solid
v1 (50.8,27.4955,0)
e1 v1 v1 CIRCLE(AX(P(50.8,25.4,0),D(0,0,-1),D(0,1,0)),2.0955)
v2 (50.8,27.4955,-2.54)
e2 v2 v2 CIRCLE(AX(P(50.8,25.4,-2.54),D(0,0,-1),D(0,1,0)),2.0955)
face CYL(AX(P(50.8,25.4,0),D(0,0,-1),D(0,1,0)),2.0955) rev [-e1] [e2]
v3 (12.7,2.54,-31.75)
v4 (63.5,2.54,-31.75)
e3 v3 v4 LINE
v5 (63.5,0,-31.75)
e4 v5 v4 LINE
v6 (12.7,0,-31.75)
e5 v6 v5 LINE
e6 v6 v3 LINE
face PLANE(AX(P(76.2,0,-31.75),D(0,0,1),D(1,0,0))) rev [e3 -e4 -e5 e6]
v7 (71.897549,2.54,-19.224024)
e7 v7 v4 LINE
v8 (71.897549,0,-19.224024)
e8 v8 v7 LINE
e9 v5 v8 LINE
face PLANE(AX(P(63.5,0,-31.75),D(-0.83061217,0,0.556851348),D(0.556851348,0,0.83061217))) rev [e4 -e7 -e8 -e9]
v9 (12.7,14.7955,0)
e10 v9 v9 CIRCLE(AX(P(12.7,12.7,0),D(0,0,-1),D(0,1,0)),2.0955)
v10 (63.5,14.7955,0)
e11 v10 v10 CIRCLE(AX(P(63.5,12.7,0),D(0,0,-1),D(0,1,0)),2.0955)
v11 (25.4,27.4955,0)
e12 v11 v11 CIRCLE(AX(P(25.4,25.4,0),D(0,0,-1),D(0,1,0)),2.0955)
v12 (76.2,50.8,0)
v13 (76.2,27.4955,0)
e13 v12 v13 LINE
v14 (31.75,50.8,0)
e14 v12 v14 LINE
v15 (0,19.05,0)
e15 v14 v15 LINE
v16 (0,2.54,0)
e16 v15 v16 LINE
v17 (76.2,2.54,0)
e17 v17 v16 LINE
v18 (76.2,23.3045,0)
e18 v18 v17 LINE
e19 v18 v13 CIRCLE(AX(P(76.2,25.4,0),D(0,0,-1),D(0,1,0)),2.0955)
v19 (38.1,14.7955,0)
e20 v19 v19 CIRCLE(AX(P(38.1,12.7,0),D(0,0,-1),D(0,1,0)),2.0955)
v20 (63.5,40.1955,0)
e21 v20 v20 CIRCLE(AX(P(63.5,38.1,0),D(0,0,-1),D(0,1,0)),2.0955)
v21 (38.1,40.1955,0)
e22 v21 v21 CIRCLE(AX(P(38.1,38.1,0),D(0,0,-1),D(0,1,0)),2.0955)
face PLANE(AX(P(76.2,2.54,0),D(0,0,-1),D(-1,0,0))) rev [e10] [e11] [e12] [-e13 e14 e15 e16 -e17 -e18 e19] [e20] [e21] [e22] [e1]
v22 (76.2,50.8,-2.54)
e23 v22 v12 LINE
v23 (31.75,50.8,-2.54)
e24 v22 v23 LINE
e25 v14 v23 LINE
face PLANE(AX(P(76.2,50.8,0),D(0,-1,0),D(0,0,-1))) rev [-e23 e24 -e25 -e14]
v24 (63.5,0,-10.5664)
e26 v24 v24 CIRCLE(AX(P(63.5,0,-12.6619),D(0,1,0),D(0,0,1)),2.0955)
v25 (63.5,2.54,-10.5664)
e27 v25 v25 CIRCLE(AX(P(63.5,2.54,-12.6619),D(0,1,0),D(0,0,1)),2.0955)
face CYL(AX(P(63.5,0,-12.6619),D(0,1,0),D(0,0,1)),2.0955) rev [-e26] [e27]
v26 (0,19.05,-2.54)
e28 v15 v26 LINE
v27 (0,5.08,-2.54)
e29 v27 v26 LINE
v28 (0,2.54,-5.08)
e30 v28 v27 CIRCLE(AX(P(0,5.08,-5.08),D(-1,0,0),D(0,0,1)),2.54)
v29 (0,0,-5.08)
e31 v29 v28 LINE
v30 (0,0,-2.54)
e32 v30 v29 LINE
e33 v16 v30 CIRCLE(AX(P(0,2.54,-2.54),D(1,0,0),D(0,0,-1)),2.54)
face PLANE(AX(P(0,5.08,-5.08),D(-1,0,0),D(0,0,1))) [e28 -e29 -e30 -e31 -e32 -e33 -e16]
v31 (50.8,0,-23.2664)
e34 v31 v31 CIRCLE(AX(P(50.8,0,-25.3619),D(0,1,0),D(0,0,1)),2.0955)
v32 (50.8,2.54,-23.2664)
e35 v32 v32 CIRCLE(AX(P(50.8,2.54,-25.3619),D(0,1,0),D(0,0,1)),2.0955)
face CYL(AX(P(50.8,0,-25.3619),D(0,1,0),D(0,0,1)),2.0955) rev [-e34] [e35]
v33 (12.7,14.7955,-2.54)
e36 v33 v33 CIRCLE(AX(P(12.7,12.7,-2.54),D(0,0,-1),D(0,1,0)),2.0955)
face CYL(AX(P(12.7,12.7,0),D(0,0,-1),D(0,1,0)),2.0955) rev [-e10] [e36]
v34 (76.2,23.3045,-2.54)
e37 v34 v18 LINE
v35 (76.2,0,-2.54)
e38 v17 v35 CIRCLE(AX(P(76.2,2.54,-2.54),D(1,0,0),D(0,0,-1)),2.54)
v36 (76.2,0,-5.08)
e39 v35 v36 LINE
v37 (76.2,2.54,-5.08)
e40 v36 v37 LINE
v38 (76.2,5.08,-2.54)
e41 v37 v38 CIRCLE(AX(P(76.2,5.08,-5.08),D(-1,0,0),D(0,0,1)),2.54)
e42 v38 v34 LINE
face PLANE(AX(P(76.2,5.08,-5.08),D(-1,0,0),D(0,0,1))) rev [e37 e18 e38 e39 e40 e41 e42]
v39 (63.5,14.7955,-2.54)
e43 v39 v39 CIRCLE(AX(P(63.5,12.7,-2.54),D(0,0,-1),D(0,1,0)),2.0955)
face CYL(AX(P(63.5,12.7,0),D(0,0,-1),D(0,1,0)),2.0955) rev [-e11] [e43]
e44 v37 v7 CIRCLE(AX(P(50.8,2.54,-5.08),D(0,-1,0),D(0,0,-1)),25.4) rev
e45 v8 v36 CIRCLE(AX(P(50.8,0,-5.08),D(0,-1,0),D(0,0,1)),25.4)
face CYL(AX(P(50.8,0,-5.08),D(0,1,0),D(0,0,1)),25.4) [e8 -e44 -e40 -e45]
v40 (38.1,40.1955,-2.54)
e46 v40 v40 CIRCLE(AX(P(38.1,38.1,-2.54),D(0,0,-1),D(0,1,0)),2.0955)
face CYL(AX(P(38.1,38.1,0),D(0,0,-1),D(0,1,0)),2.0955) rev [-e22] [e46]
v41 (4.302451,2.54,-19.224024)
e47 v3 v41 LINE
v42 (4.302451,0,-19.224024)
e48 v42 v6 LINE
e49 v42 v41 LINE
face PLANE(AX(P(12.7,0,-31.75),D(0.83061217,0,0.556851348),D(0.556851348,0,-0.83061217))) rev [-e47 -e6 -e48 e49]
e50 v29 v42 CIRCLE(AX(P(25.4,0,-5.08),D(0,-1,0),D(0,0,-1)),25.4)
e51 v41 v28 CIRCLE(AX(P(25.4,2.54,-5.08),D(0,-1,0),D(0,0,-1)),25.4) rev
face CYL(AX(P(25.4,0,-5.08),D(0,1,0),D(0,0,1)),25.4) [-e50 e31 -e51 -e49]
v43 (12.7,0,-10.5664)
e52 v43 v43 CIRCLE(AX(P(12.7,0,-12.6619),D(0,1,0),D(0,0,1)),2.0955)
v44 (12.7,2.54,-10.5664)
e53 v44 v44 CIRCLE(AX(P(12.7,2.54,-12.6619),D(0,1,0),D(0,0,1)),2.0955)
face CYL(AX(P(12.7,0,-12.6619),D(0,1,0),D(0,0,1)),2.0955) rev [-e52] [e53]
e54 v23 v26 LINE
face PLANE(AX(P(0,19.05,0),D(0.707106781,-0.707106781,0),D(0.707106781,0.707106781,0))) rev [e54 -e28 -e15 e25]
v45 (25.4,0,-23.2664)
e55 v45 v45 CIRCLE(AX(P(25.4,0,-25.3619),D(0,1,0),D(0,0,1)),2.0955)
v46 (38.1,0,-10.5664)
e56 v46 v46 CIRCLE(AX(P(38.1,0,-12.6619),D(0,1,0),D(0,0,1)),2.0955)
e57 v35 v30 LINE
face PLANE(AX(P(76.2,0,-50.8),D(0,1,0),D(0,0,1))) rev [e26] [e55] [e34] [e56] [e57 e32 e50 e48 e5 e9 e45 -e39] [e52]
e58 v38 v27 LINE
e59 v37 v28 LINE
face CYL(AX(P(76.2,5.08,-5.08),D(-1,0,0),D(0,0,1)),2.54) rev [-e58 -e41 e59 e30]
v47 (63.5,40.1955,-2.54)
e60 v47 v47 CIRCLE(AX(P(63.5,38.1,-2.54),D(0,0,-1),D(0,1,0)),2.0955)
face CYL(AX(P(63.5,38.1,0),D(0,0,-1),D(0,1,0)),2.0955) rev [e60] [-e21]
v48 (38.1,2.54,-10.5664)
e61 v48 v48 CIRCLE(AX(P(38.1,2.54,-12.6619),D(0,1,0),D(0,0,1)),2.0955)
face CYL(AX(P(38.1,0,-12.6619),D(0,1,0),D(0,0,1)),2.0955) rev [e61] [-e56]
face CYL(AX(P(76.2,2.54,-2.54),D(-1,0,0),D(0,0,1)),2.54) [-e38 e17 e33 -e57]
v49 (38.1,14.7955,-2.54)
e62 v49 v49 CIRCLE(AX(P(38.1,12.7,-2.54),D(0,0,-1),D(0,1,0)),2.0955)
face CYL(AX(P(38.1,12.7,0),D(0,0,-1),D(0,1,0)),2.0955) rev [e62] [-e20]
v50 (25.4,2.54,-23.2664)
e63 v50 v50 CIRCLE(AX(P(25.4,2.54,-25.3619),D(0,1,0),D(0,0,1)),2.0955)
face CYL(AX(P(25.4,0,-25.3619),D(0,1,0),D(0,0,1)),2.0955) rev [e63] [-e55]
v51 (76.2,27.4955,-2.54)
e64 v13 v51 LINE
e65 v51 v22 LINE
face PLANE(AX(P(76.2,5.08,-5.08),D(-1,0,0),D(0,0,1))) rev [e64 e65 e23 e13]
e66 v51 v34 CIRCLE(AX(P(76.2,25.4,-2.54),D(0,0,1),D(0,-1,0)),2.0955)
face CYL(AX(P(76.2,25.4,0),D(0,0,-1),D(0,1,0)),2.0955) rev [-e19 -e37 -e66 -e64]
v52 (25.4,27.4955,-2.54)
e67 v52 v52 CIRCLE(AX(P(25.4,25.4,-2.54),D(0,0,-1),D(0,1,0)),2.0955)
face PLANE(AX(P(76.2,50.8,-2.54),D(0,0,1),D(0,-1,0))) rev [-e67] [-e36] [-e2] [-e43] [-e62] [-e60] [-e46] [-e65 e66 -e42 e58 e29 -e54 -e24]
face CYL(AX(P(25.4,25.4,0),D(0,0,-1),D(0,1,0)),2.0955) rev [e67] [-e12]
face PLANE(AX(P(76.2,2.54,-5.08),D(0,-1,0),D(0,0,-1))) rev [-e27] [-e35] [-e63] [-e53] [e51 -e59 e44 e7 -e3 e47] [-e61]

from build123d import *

# Parameters (mm, degrees)
BOSS_EXTRUDE1_DEPTH     = 76.2
SKETCH2_R               = 2.0955
CUT_EXTRUDE1_DEPTH      = 3.54
LPATTERN1_COUNT         = 3
LPATTERN1_PITCH         = 25.4
SKETCH3_R               = 2.0955
CUT_EXTRUDE2_DEPTH      = 3.54
LPATTERN2_COUNT         = 3
LPATTERN2_PITCH         = 25.4
SKETCH4_W               = 76.2
SKETCH4_H               = 19.05
CUT_EXTRUDE3_DEPTH      = 3.54
CUT_EXTRUDE5_DEPTH      = 3.54
CUT_EXTRUDE6_DEPTH      = 49.26
CUT_EXTRUDE6_DEPTH_BACK = 3.54


with BuildPart() as part:
    # Sketch1 → Boss-Extrude1 (new body)
    with BuildSketch(Plane(origin=(0, 0, 0), x_dir=(0, 0, -1), z_dir=(1, 0, 0))):
        with BuildLine():
            Line((0, 2.54), (0, 50.8))
            Line((0, 50.8), (2.54, 50.8))
            Line((2.54, 50.8), (2.54, 5.08))
            ThreePointArc((2.54, 5.08), (3.283948776, 3.283948776), (5.08, 2.54))
            Line((5.08, 2.54), (50.8, 2.54))
            Line((50.8, 2.54), (50.8, 0))
            Line((50.8, 0), (2.54, 0))
            ThreePointArc((2.54, 0), (0.743948776, 0.743948776), (0, 2.54))
        make_face()
    extrude(amount=BOSS_EXTRUDE1_DEPTH)

    # Sketch2 → Cut-Extrude1 (cut, through all)
    with BuildSketch(Plane(origin=(0, 2.54, 0), x_dir=(1, 0, 0), z_dir=(0, 1, 0))):
        with Locations((12.7, 38.0619)):
            Circle(SKETCH2_R)
        with Locations((12.7, 12.6619)):
            Circle(SKETCH2_R)
        with Locations((25.4, 25.3619)):
            Circle(SKETCH2_R)
    cut_extrude1 = extrude(amount=-CUT_EXTRUDE1_DEPTH, mode=Mode.SUBTRACT)

    # LPattern1: Cut-Extrude1 ×3
    with Locations(*[(i * LPATTERN1_PITCH, 0, 0) for i in range(1, LPATTERN1_COUNT)]):
        add(cut_extrude1, mode=Mode.SUBTRACT)

    # Sketch3 → Cut-Extrude2 (cut, through all)
    with BuildSketch(Plane(origin=(0, 0, -2.54), x_dir=(-1, 0, 0), z_dir=(0, 0, -1))):
        with Locations((-12.7, 38.1)):
            Circle(SKETCH3_R)
        with Locations((-12.7, 12.7)):
            Circle(SKETCH3_R)
        with Locations((-25.4, 25.4)):
            Circle(SKETCH3_R)
    cut_extrude2 = extrude(amount=-CUT_EXTRUDE2_DEPTH, mode=Mode.SUBTRACT)

    # LPattern2: Cut-Extrude2 ×3
    with Locations(*[(i * LPATTERN2_PITCH, 0, 0) for i in range(1, LPATTERN2_COUNT)]):
        add(cut_extrude2, mode=Mode.SUBTRACT)

    # Sketch4 → Cut-Extrude3 (cut, through all)
    with BuildSketch(Plane(origin=(0, 2.54, 0), x_dir=(1, 0, 0), z_dir=(0, 1, 0))):
        with Locations((38.1, 41.275)):
            Rectangle(SKETCH4_W, SKETCH4_H)
    extrude(amount=-CUT_EXTRUDE3_DEPTH, mode=Mode.SUBTRACT)

    # Sketch6 → Cut-Extrude5 (cut, through all)
    with BuildSketch(Plane(origin=(0, 0, -2.54), x_dir=(-1, 0, 0), z_dir=(0, 0, -1))):
        Polygon((0, 19.05), (0, 50.8), (-31.75, 50.8), align=None)
    extrude(amount=-CUT_EXTRUDE5_DEPTH, mode=Mode.SUBTRACT)

    # Sketch7 → Cut-Extrude6 (cut, two sides)
    with BuildSketch(Plane(origin=(0, 2.54, 0), x_dir=(1, 0, 0), z_dir=(0, 1, 0))) as cut_extrude6_sk:
        with BuildLine():
            Line((63.5, 31.75), (71.897549111, 19.224024233))
            ThreePointArc((71.897549111, 19.224024233), (75.100594102, 12.471963629), (76.2, 5.08))
            Line((76.2, 5.08), (76.2, 31.75))
            Line((76.2, 31.75), (63.5, 31.75))
        make_face()
        with BuildLine():
            Line((12.7, 31.75), (4.302450889, 19.224024233))
            ThreePointArc((4.302450889, 19.224024233), (1.099405898, 12.471963629), (0, 5.08))
            Line((0, 5.08), (0, 31.75))
            Line((0, 31.75), (12.7, 31.75))
        make_face()
    extrude(amount=CUT_EXTRUDE6_DEPTH, mode=Mode.SUBTRACT)
    extrude(cut_extrude6_sk.sketch, amount=-CUT_EXTRUDE6_DEPTH_BACK, mode=Mode.SUBTRACT)


solid = part.part
